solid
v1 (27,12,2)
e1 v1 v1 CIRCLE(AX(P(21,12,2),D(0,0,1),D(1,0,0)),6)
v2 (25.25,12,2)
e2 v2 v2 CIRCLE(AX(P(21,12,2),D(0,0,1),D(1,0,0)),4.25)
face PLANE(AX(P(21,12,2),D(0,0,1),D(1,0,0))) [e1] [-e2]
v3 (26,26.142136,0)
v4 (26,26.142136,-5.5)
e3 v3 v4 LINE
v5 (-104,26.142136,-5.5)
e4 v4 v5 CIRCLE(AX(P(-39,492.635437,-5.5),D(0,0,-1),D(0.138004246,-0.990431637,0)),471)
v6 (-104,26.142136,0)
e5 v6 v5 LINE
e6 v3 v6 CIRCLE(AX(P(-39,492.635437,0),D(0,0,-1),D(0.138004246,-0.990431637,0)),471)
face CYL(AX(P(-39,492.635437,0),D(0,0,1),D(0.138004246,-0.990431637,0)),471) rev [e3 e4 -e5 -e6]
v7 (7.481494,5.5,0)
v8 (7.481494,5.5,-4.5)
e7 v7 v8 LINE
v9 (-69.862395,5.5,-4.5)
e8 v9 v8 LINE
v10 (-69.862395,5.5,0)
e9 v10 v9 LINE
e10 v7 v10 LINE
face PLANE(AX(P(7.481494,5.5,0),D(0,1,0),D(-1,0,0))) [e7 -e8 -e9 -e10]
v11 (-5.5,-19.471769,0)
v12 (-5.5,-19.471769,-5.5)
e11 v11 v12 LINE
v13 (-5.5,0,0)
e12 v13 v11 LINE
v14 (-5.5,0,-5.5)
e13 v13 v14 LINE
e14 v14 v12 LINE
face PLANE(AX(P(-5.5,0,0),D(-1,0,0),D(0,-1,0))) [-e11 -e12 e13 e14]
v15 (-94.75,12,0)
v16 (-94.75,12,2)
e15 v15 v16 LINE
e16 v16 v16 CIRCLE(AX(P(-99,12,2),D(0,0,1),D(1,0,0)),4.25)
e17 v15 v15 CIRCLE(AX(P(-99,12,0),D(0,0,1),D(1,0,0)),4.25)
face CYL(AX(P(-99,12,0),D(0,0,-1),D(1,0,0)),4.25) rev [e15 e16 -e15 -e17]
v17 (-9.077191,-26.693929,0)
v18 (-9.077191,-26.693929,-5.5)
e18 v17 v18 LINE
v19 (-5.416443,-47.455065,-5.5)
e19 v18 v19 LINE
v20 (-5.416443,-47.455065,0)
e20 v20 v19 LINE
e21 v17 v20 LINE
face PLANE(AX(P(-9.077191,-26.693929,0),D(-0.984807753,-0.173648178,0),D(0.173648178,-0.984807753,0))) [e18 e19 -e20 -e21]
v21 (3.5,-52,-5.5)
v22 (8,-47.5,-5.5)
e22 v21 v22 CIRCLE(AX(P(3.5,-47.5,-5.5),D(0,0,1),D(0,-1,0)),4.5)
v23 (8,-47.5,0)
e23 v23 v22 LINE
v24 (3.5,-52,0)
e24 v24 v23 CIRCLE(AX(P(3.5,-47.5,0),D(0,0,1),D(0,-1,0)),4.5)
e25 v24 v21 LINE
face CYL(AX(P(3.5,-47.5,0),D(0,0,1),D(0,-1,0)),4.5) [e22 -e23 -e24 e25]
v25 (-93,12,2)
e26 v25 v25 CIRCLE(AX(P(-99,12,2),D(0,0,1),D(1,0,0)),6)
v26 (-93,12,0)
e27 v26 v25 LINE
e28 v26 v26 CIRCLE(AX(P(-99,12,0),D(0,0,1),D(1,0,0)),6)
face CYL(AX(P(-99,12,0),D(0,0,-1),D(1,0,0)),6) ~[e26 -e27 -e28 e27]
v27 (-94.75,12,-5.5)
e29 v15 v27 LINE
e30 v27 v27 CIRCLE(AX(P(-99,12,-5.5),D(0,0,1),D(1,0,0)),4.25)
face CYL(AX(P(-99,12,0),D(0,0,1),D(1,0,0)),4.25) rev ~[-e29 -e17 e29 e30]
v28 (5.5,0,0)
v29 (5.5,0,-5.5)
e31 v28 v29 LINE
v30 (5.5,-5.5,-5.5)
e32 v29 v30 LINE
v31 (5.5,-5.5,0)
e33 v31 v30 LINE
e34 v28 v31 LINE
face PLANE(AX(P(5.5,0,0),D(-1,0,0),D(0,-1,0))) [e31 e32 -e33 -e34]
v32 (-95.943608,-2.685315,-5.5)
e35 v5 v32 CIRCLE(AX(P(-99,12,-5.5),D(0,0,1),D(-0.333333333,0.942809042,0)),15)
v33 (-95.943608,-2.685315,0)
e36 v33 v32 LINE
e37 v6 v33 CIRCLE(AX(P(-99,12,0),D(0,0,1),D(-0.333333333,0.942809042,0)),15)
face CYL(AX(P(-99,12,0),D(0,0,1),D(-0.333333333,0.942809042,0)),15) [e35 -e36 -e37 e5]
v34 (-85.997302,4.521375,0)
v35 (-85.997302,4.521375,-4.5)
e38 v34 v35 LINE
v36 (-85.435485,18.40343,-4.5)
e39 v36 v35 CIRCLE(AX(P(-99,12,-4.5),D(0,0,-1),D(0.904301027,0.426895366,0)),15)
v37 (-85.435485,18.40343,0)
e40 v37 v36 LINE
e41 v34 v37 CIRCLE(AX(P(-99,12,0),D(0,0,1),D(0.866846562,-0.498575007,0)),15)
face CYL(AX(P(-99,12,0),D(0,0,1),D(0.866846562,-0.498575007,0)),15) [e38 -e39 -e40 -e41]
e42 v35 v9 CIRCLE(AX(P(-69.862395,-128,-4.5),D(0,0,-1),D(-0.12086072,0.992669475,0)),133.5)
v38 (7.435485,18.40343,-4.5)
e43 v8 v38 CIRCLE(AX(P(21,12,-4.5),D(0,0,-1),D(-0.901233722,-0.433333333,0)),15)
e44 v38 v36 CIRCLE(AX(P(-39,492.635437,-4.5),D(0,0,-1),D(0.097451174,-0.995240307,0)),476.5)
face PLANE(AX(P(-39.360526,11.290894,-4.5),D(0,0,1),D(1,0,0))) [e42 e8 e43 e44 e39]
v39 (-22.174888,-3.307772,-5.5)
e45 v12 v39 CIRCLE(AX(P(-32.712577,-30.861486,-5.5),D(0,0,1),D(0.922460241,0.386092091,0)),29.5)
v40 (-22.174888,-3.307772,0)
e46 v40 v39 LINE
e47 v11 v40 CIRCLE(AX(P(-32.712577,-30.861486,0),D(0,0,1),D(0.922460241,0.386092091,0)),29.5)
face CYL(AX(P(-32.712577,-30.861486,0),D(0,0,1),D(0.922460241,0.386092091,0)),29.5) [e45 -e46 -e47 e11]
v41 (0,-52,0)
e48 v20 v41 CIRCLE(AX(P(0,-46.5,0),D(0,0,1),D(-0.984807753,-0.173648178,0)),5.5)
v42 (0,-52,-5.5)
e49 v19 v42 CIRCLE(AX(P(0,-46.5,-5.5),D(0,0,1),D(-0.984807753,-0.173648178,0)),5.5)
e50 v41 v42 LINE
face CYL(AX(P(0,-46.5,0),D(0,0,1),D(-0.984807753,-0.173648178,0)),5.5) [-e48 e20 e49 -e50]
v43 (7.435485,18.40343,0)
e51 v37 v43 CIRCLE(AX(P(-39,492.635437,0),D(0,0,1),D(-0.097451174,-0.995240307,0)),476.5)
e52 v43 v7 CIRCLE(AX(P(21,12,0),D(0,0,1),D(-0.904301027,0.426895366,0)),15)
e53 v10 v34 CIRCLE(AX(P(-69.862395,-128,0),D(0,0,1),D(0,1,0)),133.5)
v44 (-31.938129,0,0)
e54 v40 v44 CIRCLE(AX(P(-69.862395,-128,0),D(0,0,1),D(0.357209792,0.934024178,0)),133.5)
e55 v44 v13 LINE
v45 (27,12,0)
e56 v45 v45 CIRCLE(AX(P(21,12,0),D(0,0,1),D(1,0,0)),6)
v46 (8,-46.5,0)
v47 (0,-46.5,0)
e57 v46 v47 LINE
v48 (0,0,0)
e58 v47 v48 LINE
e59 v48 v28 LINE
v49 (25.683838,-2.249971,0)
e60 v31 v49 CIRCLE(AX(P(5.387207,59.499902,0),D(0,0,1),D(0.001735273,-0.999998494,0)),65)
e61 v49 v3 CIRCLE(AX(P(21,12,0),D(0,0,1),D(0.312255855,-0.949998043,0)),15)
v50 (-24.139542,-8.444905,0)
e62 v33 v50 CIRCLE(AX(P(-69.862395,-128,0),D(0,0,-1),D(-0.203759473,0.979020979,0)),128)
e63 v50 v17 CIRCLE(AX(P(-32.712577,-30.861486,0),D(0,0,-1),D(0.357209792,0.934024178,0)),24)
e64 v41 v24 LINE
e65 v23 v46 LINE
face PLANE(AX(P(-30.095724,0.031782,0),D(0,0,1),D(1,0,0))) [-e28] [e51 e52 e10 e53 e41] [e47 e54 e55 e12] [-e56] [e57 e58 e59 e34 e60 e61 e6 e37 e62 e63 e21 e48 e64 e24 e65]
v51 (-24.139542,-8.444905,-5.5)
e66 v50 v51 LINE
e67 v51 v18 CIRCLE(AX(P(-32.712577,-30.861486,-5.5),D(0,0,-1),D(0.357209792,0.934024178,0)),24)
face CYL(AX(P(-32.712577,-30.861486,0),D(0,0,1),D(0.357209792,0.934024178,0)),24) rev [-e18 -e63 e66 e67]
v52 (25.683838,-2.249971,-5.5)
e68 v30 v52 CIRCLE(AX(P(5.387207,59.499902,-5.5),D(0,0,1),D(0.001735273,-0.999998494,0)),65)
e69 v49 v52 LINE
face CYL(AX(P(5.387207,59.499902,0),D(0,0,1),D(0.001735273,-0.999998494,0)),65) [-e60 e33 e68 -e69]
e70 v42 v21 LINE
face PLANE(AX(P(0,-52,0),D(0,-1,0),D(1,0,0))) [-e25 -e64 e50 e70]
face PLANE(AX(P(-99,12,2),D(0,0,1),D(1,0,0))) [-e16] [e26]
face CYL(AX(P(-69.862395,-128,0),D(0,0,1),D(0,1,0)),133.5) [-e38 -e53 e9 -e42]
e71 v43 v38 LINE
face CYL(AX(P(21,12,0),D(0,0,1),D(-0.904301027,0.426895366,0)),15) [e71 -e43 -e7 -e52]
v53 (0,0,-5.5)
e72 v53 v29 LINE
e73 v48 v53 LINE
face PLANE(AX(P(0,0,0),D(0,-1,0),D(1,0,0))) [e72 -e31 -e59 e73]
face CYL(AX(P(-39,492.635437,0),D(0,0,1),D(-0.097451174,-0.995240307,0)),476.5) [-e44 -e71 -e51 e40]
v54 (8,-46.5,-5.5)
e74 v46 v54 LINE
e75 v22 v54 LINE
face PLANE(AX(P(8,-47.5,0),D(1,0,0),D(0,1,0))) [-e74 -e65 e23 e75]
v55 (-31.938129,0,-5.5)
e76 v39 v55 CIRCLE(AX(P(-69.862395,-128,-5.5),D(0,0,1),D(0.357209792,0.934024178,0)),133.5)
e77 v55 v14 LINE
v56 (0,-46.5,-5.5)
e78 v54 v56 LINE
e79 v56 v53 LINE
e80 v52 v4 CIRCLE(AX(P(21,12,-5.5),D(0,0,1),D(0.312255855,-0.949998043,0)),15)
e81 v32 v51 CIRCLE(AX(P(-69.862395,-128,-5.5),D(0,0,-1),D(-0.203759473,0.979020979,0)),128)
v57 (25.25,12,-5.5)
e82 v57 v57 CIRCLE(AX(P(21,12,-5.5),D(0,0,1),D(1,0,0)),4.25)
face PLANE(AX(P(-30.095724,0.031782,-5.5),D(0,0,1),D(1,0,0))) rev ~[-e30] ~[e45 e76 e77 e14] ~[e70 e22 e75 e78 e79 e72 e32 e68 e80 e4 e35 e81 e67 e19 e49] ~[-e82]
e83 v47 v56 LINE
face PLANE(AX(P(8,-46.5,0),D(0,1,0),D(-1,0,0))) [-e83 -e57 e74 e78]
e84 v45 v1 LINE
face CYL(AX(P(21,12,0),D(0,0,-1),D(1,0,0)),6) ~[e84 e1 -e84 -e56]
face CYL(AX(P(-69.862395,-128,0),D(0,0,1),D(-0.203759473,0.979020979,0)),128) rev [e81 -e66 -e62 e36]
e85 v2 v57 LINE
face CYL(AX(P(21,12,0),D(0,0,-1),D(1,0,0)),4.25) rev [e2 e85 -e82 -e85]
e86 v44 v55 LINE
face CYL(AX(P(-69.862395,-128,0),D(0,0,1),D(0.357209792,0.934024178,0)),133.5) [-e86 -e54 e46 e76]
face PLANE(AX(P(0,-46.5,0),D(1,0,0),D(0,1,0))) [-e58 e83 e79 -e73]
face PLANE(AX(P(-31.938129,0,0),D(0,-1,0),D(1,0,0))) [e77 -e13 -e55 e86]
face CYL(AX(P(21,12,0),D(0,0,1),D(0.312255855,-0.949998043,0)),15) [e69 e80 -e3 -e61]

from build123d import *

# Parameters (mm, degrees)
F0_R     = 6
F0_R_2   = 4.25
F1_DEPTH = 5.5
F2_DEPTH = 2
F3_START = -4.5
F3_DEPTH = 1


with BuildPart() as f1:
    # F0 (on Top) → F1 (new body)
    with BuildSketch(Plane.XY):
        with BuildLine():
            ThreePointArc((5.5, -5.5), (15.7204938899, -4.6734816568), (25.6838378205, -2.2499706411))
            ThreePointArc((25.6838378205, -2.2499706411), (35.9990700802, 11.8329768619), (26, 26.1421356237))
            ThreePointArc((26, 26.1421356237), (-39, 21.6354367546), (-104, 26.1421356237))
            ThreePointArc((-104, 26.1421356237), (-113.4464485518, 7.9626587659), (-95.9436079124, -2.6853146853))
            ThreePointArc((-95.9436079124, -2.6853146853), (-59.6280544783, -0.4098034124), (-24.1395420925, -8.4449052422))
            ThreePointArc((-24.1395420925, -8.4449052422), (-14.2030574813, -15.5841269769), (-9.0771910213, -26.6939292452))
            Line((-9.0771910213, -26.6939292452), (-5.4164426416, -47.4550649772))
            ThreePointArc((-5.4164426416, -47.4550649772), (-3.5353318533, -50.7132444372), (0, -52))
            Line((0, -52), (3.5, -52))
            ThreePointArc((3.5, -52), (6.6819805153, -50.6819805153), (8, -47.5))
            Line((8, -47.5), (8, -46.5))
            Line((8, -46.5), (0, -46.5))
            Line((0, -46.5), (0, 0))
            Line((0, 0), (5.5, 0))
            Line((5.5, 0), (5.5, -5.5))
        make_face()
        with Locations((-99, 12)):
            Circle(F0_R, mode=Mode.SUBTRACT)
        with BuildLine():
            ThreePointArc((-69.8623954313, 5.5), (-77.9446739329, 5.2551191295), (-85.9973015672, 4.5213748947))
            ThreePointArc((-85.9973015672, 4.5213748947), (-84.0122690324, 11.3934355406), (-85.4354846008, 18.4034304857))
            ThreePointArc((-85.4354846008, 18.4034304857), (-39, 16.1354367546), (7.4354846008, 18.4034304857))
            ThreePointArc((7.4354846008, 18.4034304857), (6.0000953549, 11.9465150696), (7.4814941654, 5.5))
            Line((7.4814941654, 5.5), (-69.8623954313, 5.5))
        make_face(mode=Mode.SUBTRACT)
        with BuildLine():
            ThreePointArc((-5.4999999702, -19.4717688181), (-12.1799362134, -9.6798741804), (-22.1748882381, -3.3077722643))
            ThreePointArc((-22.1748882381, -3.3077722643), (-27.0245699268, -1.559616), (-31.9381287937, 0))
            Line((-31.9381287937, 0), (-5.4999999702, 0))
            Line((-5.4999999702, 0), (-5.4999999702, -19.4717688181))
        make_face(mode=Mode.SUBTRACT)
        with Locations((21, 12)):
            Circle(F0_R, mode=Mode.SUBTRACT)
        with Locations((21, 12)):
            Circle(F0_R)
        with Locations((21, 12)):
            Circle(F0_R_2, mode=Mode.SUBTRACT)
        with Locations((-99, 12)):
            Circle(F0_R)
        with Locations((-99, 12)):
            Circle(F0_R_2, mode=Mode.SUBTRACT)
    extrude(amount=-F1_DEPTH)

    # F0 (on Top) → F2 (join)
    with BuildSketch(Plane.XY):
        with Locations((21, 12)):
            Circle(F0_R)
        with Locations((21, 12)):
            Circle(F0_R_2, mode=Mode.SUBTRACT)
        with Locations((-99, 12)):
            Circle(F0_R)
        with Locations((-99, 12)):
            Circle(F0_R_2, mode=Mode.SUBTRACT)
    extrude(amount=F2_DEPTH)

    # F0 (on Top) → F3 (join)
    with BuildSketch(Plane.XY.offset(F3_START)):
        with BuildLine():
            ThreePointArc((-85.4354846008, 18.4034304857), (-84.0122690324, 11.3934355406), (-85.9973015672, 4.5213748947))
            ThreePointArc((-85.9973015672, 4.5213748947), (-77.9446739329, 5.2551191295), (-69.8623954313, 5.5))
            Line((-69.8623954313, 5.5), (7.4814941654, 5.5))
            ThreePointArc((7.4814941654, 5.5), (6.0000953549, 11.9465150696), (7.4354846008, 18.4034304857))
            ThreePointArc((7.4354846008, 18.4034304857), (-39, 16.1354367546), (-85.4354846008, 18.4034304857))
        make_face()
    extrude(amount=-F3_DEPTH)


solid = f1.part
